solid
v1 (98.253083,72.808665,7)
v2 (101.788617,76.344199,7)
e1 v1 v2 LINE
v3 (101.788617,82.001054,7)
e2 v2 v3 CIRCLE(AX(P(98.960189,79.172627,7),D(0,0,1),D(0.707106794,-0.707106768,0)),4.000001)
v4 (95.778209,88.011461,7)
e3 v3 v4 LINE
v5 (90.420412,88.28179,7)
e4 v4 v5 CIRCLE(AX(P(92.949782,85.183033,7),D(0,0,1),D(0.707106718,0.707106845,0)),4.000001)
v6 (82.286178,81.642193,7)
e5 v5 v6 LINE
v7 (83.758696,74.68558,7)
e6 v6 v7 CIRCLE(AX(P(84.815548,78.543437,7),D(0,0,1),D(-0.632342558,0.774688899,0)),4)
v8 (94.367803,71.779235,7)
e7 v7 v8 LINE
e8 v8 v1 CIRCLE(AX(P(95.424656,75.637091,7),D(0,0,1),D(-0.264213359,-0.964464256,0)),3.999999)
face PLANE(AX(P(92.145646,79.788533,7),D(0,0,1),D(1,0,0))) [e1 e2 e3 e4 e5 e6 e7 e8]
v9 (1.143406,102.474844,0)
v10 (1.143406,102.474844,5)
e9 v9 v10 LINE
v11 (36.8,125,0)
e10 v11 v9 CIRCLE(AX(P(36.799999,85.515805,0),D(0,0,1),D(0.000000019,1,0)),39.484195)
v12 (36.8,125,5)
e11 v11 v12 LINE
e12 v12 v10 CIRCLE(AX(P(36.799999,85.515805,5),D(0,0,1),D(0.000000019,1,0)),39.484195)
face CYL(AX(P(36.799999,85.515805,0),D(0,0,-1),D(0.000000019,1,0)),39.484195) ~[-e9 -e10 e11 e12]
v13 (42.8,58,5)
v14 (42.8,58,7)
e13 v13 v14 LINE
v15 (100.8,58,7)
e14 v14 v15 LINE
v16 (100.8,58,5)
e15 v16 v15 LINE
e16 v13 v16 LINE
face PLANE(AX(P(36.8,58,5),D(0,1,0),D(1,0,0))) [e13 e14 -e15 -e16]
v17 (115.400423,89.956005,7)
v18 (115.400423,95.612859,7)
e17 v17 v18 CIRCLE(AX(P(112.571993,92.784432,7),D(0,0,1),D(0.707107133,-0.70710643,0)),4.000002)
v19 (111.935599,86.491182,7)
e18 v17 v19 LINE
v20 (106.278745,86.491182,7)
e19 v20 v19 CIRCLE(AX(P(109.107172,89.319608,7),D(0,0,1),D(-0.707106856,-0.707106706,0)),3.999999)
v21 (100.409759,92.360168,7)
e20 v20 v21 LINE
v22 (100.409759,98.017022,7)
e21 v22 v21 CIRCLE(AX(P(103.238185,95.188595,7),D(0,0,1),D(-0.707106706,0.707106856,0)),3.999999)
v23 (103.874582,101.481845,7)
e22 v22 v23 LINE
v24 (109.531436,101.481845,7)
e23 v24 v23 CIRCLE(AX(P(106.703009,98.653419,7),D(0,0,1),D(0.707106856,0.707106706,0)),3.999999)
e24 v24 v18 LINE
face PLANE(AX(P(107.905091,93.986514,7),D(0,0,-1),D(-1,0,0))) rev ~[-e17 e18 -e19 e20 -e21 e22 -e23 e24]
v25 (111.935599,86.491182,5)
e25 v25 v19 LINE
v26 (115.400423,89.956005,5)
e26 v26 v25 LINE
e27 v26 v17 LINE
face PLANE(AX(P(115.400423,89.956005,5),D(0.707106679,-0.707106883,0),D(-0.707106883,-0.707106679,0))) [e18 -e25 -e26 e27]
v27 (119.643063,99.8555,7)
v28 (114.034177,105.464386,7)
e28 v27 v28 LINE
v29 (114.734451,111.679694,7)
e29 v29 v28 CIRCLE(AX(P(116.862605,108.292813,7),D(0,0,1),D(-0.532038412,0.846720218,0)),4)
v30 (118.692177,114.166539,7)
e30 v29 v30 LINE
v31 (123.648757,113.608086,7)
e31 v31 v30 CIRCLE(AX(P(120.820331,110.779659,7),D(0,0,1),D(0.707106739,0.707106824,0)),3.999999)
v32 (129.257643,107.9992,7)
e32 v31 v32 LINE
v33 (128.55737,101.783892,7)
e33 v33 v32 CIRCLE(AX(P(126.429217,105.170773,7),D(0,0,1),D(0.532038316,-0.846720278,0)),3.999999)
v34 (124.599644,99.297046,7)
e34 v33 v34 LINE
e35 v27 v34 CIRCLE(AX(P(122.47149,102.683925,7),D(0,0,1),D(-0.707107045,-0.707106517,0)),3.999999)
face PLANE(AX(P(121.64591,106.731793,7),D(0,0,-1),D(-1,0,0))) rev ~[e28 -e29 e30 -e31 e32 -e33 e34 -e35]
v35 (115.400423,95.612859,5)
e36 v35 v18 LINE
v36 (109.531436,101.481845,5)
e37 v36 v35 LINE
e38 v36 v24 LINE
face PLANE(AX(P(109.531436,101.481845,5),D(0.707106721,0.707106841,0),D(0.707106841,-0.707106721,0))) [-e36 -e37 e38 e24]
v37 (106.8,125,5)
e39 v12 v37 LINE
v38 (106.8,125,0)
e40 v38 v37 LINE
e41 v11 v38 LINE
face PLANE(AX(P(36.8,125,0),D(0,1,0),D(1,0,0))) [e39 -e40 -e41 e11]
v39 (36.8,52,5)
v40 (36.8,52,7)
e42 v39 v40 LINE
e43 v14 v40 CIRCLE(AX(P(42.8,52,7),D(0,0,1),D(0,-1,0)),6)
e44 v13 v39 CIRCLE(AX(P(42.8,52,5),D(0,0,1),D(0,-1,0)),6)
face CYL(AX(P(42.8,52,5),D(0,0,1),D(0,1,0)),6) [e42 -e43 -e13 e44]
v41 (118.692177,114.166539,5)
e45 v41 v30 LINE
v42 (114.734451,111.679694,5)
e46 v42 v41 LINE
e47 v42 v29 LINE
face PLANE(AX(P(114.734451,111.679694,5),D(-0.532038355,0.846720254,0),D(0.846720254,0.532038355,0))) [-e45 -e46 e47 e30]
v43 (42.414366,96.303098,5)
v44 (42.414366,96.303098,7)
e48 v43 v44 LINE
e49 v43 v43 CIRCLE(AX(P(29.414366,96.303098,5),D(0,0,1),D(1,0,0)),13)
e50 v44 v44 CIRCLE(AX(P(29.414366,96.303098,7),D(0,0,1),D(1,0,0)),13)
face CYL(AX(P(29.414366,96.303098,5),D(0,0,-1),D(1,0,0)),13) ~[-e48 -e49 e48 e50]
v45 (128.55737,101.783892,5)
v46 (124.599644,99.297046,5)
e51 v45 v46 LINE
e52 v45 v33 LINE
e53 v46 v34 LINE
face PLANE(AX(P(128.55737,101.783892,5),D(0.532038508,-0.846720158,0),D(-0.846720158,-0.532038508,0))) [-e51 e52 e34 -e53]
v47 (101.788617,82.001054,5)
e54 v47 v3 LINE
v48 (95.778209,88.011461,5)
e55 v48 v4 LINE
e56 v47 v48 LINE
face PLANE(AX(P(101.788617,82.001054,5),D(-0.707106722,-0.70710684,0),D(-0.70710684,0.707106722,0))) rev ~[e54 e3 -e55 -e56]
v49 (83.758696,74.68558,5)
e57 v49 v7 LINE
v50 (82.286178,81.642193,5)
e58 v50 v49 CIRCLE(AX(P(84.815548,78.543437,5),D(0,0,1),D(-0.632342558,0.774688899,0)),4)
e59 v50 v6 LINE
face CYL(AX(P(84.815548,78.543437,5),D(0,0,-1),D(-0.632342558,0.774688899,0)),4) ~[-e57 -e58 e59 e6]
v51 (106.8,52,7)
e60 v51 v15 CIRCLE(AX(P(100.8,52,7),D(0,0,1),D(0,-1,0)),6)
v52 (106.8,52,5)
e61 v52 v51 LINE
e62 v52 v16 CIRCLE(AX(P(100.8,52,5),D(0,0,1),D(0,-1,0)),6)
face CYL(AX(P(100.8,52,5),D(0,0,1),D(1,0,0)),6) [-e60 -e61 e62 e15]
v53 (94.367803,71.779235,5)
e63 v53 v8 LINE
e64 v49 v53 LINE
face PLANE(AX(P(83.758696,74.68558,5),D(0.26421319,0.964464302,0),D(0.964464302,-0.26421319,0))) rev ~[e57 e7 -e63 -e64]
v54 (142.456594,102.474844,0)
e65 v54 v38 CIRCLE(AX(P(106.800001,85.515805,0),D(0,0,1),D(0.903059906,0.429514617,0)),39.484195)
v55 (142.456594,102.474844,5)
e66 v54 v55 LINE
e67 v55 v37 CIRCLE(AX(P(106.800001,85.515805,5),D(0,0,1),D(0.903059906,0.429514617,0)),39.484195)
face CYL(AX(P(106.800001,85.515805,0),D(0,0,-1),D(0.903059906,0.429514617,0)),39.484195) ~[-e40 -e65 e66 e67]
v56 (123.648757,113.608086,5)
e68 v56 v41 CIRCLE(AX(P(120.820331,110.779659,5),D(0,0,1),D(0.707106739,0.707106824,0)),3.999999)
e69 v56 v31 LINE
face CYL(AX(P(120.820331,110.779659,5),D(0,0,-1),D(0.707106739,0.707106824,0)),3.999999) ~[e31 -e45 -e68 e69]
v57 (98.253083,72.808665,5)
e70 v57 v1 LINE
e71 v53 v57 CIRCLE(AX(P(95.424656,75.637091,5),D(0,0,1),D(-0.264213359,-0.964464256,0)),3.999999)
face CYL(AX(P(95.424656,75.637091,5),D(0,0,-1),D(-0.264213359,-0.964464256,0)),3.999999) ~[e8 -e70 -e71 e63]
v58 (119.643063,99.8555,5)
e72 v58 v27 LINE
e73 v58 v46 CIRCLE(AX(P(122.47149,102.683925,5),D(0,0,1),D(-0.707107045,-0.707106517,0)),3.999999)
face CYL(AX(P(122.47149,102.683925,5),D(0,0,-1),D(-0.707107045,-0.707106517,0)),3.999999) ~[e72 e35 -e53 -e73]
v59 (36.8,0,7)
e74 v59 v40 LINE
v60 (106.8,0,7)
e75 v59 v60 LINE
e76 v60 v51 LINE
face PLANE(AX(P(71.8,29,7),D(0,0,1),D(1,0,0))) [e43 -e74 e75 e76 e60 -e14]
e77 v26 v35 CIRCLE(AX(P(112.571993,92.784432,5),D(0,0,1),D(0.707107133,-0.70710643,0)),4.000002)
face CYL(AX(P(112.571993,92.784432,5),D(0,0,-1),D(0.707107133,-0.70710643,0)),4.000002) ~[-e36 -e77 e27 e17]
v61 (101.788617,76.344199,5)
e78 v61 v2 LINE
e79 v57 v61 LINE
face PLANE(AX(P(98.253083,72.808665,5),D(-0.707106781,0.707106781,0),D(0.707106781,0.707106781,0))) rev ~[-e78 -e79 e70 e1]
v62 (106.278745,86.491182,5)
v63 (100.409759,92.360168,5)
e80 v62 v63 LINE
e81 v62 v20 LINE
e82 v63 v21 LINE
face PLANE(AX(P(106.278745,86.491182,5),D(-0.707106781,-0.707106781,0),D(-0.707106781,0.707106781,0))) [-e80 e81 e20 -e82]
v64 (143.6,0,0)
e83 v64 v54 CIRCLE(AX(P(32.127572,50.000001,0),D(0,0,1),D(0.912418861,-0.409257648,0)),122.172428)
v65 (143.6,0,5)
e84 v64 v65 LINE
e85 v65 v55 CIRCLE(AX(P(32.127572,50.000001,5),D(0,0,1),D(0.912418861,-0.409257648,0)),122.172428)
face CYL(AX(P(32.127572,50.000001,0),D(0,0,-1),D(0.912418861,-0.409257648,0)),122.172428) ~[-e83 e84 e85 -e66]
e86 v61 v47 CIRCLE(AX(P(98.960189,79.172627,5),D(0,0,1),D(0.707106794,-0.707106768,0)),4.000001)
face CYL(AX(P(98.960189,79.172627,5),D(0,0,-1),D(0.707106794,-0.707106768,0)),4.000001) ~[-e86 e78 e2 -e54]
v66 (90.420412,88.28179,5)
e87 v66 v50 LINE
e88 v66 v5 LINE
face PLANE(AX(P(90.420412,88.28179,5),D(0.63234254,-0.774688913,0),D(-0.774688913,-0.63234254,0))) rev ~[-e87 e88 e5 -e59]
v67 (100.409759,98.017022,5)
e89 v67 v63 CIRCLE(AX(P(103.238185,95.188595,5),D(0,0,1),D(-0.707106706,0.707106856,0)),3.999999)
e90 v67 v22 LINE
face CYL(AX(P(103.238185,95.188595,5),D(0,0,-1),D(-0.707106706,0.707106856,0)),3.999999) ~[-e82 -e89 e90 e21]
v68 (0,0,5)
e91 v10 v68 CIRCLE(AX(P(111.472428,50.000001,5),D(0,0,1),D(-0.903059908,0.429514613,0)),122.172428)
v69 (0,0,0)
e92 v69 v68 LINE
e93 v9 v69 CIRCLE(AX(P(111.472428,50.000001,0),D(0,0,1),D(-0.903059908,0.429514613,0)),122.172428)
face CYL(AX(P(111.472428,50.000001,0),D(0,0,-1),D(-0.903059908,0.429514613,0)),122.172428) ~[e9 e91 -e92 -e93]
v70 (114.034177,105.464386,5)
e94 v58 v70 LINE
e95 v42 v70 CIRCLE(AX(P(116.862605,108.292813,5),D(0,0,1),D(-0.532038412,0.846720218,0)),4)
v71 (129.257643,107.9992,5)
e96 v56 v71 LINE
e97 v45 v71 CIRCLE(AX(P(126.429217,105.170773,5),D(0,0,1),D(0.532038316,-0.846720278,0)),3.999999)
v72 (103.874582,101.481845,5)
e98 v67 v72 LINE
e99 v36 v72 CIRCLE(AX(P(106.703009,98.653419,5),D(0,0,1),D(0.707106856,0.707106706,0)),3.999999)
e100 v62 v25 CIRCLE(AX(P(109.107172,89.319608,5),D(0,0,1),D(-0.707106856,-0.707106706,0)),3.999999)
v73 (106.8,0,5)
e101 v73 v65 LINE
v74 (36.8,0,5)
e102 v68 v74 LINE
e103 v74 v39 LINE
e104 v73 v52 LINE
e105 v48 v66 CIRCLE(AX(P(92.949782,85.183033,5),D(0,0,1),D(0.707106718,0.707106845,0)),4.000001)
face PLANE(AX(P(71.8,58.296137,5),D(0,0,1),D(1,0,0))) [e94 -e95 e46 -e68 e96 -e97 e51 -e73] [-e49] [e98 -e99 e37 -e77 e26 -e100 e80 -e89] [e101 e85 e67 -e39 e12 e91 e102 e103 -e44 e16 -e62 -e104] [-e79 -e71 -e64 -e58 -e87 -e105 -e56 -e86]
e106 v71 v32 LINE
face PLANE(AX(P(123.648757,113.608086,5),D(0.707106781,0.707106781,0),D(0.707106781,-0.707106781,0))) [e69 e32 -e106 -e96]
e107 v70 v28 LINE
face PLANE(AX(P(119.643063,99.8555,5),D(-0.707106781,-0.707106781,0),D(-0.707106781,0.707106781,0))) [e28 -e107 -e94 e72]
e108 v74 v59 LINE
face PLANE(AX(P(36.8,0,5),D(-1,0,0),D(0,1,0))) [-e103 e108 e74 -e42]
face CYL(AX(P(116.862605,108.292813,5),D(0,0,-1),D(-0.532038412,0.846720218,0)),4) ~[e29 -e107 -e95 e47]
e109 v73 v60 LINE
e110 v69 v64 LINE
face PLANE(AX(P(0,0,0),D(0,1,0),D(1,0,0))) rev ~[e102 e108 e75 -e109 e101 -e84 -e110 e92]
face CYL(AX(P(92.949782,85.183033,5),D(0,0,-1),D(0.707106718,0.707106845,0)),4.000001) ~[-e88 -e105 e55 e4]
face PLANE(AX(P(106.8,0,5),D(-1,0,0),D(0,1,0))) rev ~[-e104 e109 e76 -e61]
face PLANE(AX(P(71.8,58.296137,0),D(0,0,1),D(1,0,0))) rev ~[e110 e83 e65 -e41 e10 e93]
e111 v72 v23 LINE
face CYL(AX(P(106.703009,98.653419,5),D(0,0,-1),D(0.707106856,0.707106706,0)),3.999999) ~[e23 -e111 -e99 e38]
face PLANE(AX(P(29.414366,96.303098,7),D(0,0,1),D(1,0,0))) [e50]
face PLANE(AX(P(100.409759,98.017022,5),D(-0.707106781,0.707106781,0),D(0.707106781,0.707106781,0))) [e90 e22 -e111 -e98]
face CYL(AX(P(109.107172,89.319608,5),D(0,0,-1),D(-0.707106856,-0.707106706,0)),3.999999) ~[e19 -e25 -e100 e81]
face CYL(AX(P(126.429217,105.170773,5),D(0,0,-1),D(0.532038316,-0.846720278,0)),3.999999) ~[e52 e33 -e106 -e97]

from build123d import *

# Parameters (mm, degrees)
PAD_DEPTH    = 5
SKETCH001_R  = 13
SKETCH001_W  = 70
SKETCH001_H  = 58
PAD001_DEPTH = 2
FILLET_R     = 6


with BuildPart() as part:
    # Sketch → Pad (new body)
    with BuildSketch(Plane.XY):
        with BuildLine():
            ThreePointArc((1.143406, 102.474844), (-10.692396, 51.363106), (0, 0))
            Line((0, 0), (143.6, 0))
            ThreePointArc((143.6, 0), (154.292396, 51.363106), (142.456594, 102.474844))
            ThreePointArc((142.456594, 102.474844), (127.887765, 118.897055), (106.8, 125))
            Line((36.8, 125), (106.8, 125))
            ThreePointArc((36.8, 125), (15.712235, 118.897055), (1.143406, 102.474844))
        make_face()
    extrude(amount=PAD_DEPTH)

    # Sketch001 (on Face8 of Pad) → Pad001 (join)
    with BuildSketch(Plane.XY.offset(5)):
        with Locations((29.414366, 96.303098)):
            Circle(SKETCH001_R)
        with BuildLine():
            Line((114.734451, 111.679694), (118.692177, 114.166539))
            ThreePointArc((123.648757, 113.608086), (121.268173, 114.754509), (118.692177, 114.166539))
            Line((123.648757, 113.608086), (129.257643, 107.9992))
            ThreePointArc((128.55737, 101.783892), (130.404067, 104.72293), (129.257643, 107.9992))
            Line((128.55737, 101.783892), (124.599644, 99.297046))
            ThreePointArc((119.643063, 99.8555), (122.023647, 98.709076), (124.599644, 99.297046))
            Line((119.643063, 99.8555), (114.034177, 105.464386))
            ThreePointArc((114.734451, 111.679694), (112.887754, 108.740656), (114.034177, 105.464386))
        make_face()
        with BuildLine():
            Line((100.409759, 98.017022), (103.874582, 101.481845))
            ThreePointArc((109.531436, 101.481845), (106.703009, 102.653418), (103.874582, 101.481845))
            Line((109.531436, 101.481845), (115.400423, 95.612859))
            ThreePointArc((115.400423, 89.956005), (116.571995, 92.784432), (115.400423, 95.612859))
            Line((115.400423, 89.956005), (111.935599, 86.491182))
            ThreePointArc((106.278745, 86.491182), (109.107172, 85.319609), (111.935599, 86.491182))
            Line((106.278745, 86.491182), (100.409759, 92.360168))
            ThreePointArc((100.409759, 98.017022), (99.238186, 95.188595), (100.409759, 92.360168))
        make_face()
        with BuildLine():
            Line((90.420412, 88.28179), (82.286178, 81.642193))
            ThreePointArc((82.286178, 81.642193), (80.902255, 77.715104), (83.758696, 74.68558))
            Line((83.758696, 74.68558), (94.367803, 71.779235))
            ThreePointArc((94.367803, 71.779235), (96.449132, 71.770511), (98.253083, 72.808665))
            Line((98.253083, 72.808665), (101.788617, 76.344199))
            ThreePointArc((101.788617, 76.344199), (102.96019, 79.172626), (101.788617, 82.001054))
            Line((101.788617, 82.001054), (95.778209, 88.011461))
            ThreePointArc((95.778209, 88.011461), (93.151347, 89.177952), (90.420412, 88.28179))
        make_face()
        with Locations((71.8, 29)):
            Rectangle(SKETCH001_W, SKETCH001_H)
    extrude(amount=PAD001_DEPTH)

    # Fillet
    fillet_edges = [part.edges().sort_by_distance(p)[0] for p in [
        (36.8, 58, 6),
        (106.8, 58, 6),
    ]]
    fillet(fillet_edges, radius=FILLET_R)


solid = part.part
